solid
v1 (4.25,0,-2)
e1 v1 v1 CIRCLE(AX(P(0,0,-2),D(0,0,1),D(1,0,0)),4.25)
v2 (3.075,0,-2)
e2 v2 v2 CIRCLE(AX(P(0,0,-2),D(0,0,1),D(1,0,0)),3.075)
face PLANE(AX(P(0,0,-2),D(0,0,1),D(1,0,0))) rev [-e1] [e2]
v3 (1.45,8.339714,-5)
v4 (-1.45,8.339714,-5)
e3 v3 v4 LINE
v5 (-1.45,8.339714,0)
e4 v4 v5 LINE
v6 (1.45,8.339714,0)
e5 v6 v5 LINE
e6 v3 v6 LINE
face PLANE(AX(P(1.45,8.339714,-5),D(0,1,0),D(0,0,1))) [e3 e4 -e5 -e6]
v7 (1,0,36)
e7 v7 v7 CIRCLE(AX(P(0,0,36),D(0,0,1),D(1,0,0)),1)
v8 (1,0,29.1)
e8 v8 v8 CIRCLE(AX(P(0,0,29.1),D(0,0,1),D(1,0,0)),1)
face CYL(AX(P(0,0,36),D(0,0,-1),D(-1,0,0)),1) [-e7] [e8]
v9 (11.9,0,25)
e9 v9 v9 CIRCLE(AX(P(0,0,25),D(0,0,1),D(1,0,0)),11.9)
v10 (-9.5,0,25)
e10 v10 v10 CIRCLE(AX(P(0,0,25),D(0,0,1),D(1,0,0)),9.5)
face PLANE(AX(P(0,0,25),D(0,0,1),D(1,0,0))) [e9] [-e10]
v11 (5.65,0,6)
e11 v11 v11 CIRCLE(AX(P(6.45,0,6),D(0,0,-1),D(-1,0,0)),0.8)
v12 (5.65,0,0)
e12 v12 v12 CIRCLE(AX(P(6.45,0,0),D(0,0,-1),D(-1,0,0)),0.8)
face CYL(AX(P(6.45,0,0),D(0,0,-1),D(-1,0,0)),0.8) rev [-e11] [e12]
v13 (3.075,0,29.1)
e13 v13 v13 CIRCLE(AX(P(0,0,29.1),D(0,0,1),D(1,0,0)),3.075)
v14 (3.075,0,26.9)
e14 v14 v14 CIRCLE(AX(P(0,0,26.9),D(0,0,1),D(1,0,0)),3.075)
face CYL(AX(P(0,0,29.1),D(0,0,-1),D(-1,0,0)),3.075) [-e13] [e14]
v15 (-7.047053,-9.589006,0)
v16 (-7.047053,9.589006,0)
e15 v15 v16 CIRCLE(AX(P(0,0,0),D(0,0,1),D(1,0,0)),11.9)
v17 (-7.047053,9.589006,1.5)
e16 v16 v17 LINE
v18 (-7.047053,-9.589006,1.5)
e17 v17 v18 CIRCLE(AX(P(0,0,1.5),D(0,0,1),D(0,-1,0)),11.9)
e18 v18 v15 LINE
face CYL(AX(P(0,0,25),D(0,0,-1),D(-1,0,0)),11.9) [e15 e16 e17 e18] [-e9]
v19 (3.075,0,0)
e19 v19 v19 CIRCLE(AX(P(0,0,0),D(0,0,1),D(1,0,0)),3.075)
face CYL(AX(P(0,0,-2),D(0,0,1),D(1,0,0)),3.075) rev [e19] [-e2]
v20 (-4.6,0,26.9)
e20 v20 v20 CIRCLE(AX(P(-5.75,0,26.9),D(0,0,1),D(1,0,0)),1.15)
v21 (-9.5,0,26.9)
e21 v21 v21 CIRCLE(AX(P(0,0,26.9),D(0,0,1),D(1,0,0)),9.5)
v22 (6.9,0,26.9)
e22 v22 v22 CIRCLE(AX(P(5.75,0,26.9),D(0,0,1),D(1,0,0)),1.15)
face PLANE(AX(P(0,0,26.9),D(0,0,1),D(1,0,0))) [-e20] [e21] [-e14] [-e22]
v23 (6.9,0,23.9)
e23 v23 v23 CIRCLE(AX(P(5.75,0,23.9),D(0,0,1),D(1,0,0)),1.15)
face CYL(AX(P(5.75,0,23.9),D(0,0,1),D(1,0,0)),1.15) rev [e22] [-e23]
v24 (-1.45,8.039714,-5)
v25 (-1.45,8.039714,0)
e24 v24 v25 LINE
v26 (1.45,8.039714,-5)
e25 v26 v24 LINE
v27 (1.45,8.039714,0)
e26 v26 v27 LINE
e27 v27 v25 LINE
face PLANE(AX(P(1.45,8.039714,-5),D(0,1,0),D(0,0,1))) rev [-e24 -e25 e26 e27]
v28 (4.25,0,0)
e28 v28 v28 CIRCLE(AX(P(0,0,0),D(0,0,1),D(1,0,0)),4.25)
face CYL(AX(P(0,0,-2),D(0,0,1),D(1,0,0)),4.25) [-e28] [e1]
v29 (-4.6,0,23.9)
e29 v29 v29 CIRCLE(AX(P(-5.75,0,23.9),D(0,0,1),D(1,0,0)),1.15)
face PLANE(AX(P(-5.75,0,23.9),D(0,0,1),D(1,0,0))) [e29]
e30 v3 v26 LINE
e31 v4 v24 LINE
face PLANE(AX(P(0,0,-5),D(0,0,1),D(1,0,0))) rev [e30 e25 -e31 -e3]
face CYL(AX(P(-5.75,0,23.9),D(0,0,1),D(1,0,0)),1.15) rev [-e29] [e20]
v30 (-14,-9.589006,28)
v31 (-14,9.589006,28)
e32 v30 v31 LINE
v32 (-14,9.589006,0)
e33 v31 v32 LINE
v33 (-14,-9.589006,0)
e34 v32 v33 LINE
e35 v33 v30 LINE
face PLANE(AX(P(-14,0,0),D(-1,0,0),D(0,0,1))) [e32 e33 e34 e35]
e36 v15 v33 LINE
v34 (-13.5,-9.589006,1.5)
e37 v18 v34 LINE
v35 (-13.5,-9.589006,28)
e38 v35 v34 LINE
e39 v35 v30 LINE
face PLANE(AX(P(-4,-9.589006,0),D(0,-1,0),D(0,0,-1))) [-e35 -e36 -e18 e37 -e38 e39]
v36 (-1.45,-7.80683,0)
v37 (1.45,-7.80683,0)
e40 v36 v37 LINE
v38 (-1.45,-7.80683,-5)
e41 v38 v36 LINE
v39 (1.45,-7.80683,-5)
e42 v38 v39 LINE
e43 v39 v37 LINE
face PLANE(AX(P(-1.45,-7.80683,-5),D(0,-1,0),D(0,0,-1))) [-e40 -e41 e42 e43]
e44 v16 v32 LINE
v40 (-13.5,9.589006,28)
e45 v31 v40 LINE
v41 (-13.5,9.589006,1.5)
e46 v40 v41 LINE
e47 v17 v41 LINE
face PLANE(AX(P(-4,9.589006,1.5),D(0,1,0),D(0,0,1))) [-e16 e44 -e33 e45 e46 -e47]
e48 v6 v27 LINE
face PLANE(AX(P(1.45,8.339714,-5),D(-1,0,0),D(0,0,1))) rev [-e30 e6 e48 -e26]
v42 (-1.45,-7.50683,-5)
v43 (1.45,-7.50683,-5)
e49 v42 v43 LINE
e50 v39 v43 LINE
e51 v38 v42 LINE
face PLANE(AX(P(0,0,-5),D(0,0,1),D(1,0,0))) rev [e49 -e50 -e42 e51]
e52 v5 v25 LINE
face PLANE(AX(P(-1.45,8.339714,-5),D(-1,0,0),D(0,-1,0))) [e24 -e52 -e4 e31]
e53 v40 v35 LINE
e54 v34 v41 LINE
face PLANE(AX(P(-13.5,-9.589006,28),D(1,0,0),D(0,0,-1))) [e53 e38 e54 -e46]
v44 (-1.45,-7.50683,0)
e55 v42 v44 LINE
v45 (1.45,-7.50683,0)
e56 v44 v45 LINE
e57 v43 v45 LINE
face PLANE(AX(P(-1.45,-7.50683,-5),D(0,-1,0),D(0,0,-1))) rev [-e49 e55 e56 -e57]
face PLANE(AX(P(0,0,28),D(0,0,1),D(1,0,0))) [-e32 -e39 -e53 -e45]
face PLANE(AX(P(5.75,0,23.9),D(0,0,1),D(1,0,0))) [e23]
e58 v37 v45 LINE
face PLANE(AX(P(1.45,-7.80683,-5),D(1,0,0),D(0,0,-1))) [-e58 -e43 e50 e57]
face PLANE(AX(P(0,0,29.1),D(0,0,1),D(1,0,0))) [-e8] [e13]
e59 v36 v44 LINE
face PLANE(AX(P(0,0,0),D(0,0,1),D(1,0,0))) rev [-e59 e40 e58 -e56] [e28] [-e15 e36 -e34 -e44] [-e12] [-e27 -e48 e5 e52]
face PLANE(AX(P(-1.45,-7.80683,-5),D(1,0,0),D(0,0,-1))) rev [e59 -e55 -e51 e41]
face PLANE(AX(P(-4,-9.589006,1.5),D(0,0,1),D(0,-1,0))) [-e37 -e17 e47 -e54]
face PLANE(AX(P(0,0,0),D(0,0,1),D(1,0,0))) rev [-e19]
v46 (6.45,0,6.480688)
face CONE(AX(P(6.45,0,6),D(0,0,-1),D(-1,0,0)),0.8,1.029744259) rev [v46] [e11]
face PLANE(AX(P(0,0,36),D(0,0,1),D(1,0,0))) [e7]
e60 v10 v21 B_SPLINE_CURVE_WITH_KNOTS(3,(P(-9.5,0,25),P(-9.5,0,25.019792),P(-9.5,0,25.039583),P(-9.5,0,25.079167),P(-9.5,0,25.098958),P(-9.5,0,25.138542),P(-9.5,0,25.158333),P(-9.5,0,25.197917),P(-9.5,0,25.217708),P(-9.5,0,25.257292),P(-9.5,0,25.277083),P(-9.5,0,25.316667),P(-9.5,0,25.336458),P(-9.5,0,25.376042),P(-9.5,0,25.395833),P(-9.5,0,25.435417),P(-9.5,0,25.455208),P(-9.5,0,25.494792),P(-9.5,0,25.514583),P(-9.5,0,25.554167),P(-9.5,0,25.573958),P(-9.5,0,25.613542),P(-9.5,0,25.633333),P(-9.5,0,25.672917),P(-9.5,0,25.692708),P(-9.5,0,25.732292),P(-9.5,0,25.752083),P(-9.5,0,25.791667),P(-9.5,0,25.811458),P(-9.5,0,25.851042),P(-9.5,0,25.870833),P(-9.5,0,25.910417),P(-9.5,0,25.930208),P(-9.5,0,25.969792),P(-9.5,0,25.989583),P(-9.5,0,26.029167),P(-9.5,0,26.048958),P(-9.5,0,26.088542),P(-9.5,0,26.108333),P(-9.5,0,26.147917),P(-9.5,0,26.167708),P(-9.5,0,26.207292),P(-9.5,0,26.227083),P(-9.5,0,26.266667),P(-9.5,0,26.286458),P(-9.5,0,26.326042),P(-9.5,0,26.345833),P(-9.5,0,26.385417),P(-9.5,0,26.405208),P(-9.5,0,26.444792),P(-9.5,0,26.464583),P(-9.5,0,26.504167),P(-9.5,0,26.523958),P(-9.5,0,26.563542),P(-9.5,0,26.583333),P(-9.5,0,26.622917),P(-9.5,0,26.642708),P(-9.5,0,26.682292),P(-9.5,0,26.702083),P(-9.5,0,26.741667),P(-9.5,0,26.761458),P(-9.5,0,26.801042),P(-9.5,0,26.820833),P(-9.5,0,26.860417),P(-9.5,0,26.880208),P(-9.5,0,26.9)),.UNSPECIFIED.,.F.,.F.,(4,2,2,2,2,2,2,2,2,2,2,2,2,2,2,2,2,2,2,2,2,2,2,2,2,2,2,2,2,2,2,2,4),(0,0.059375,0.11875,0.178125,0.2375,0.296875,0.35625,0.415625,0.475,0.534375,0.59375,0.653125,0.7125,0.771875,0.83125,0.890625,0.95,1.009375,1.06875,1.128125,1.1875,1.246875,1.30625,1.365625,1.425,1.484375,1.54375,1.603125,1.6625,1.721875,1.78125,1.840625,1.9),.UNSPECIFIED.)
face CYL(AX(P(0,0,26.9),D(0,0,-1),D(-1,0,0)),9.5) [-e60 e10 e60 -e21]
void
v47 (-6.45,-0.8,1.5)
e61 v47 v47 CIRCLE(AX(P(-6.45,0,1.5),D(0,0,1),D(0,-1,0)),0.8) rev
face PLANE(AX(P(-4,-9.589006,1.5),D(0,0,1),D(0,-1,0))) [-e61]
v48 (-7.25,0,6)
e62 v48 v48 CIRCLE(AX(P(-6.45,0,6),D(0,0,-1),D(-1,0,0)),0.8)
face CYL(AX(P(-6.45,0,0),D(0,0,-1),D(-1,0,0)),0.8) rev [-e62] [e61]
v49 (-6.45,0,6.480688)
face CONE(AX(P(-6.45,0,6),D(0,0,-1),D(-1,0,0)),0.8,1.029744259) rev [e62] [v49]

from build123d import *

# Parameters (mm, degrees)
SKETCH_2_R             = 1
EXTRUDE_1_DEPTH        = 36
SKETCH_2_4_R           = 3.075
SKETCH_2_4_R_2         = 1
EXTRUDE_2_DEPTH        = 29.1
EXTRUDE_3_DEPTH        = 26.9
EXTRUDE_3_DEPTH_BACK   = 2
SKETCH_2_5_R           = 4.25
SKETCH_2_5_R_2         = 3.075
SKETCH_2_6_R           = 9.5
SKETCH_2_6_R_2         = 4.25
EXTRUDE_4_DEPTH        = 26.9
SKETCH_2_7_R           = 11.9
SKETCH_2_7_R_2         = 9.5
EXTRUDE_5_DEPTH        = 25
SKETCH_5_W             = 2.9
SKETCH_5_H             = 0.3
EXTRUDE_6_DEPTH        = 5
HOLE_WIZARD_M2_2_D     = 1.6
HOLE_WIZARD_M2_2_DEPTH = 6
HOLE_WIZARD_M2_2_TIP   = 0.480688495
SKETCH_14_R            = 1.15
CUT_EXTRUDE_1_DEPTH    = 3
SKETCH_15_W            = 0.5
SKETCH_15_H            = 19.17801297
EXTRUDE_7_DEPTH        = 28
SKETCH_17_W            = 1.5
SKETCH_17_H            = 19.17801297
EXTRUDE_9_DEPTH        = 10


with BuildPart() as part:
    # ｽｹｯﾁ2 → ﾎﾞｽ - 押し出し1 (new body)
    with BuildSketch(Plane.XY):
        Circle(SKETCH_2_R)
    extrude(amount=EXTRUDE_1_DEPTH)

    # ｽｹｯﾁ2<4> → ﾎﾞｽ - 押し出し2 (add)
    with BuildSketch(Plane.XY):
        Circle(SKETCH_2_4_R)
        Circle(SKETCH_2_4_R_2, mode=Mode.SUBTRACT)
    extrude(amount=EXTRUDE_2_DEPTH)

    # ｽｹｯﾁ2<5> → ﾎﾞｽ - 押し出し3 (add, two sides: drawn at the far end of the back side and taken through both)
    with BuildSketch(Plane.XY.offset(-EXTRUDE_3_DEPTH_BACK)):
        Circle(SKETCH_2_5_R)
        Circle(SKETCH_2_5_R_2, mode=Mode.SUBTRACT)
    extrude(amount=EXTRUDE_3_DEPTH + EXTRUDE_3_DEPTH_BACK)

    # ｽｹｯﾁ2<6> → ﾎﾞｽ - 押し出し4 (add)
    with BuildSketch(Plane.XY):
        Circle(SKETCH_2_6_R)
        Circle(SKETCH_2_6_R_2, mode=Mode.SUBTRACT)
    extrude(amount=EXTRUDE_4_DEPTH)

    # ｽｹｯﾁ2<7> → ﾎﾞｽ - 押し出し5 (add)
    with BuildSketch(Plane.XY):
        Circle(SKETCH_2_7_R)
        Circle(SKETCH_2_7_R_2, mode=Mode.SUBTRACT)
    extrude(amount=EXTRUDE_5_DEPTH)

    # ｽｹｯﾁ5 → ﾎﾞｽ - 押し出し6 (add)
    with BuildSketch(Plane(origin=(0, 0, 0), x_dir=(-1, 0, 0), z_dir=(0, 0, -1))):
        with Locations((0, -7.656829655)):
            Rectangle(SKETCH_5_W, SKETCH_5_H)
        with Locations((0, 8.189714354)):
            Rectangle(SKETCH_5_W, SKETCH_5_H)
    extrude(amount=EXTRUDE_6_DEPTH)

    # M2 ねじ穴2
    with Locations(Plane(origin=(0, 0, 0), x_dir=(-1, 0, 0), z_dir=(0, 0, -1))):
        with Locations((-6.45, 0), (6.45, 0)):
            Hole(HOLE_WIZARD_M2_2_D / 2, depth=HOLE_WIZARD_M2_2_DEPTH)
            with Locations((0, 0, -(HOLE_WIZARD_M2_2_DEPTH + HOLE_WIZARD_M2_2_TIP / 2))):  # 118° drill point
                Cone(0, HOLE_WIZARD_M2_2_D / 2, HOLE_WIZARD_M2_2_TIP, mode=Mode.SUBTRACT)

    # ｽｹｯﾁ14 → ｶｯﾄ - 押し出し1 (cut)
    with BuildSketch(Plane.XY.offset(26.9)):
        with Locations((5.75, 0)):
            Circle(SKETCH_14_R)
        with Locations((-5.75, 0)):
            Circle(SKETCH_14_R)
    extrude(amount=-CUT_EXTRUDE_1_DEPTH, mode=Mode.SUBTRACT)



with BuildPart() as body_2:
    # ｽｹｯﾁ15 → ﾎﾞｽ - 押し出し7 (new body)
    with BuildSketch(Plane(origin=(0, 0, 0), x_dir=(-1, 0, 0), z_dir=(0, 0, -1))):
        with Locations((13.75, 0)):
            Rectangle(SKETCH_15_W, SKETCH_15_H)
    extrude(amount=-EXTRUDE_7_DEPTH)


with BuildPart() as part_1:
    add(part.part)

    add(body_2.part)  # ﾎﾞｽ - 押し出し9 merges body 2
    # ｽｹｯﾁ17 → ﾎﾞｽ - 押し出し9 (add)
    with BuildSketch(Plane.ZY.offset(14)):
        with Locations((0.75, 0)):
            Rectangle(SKETCH_17_W, SKETCH_17_H)
    extrude(amount=-EXTRUDE_9_DEPTH)


solid = part_1.part
